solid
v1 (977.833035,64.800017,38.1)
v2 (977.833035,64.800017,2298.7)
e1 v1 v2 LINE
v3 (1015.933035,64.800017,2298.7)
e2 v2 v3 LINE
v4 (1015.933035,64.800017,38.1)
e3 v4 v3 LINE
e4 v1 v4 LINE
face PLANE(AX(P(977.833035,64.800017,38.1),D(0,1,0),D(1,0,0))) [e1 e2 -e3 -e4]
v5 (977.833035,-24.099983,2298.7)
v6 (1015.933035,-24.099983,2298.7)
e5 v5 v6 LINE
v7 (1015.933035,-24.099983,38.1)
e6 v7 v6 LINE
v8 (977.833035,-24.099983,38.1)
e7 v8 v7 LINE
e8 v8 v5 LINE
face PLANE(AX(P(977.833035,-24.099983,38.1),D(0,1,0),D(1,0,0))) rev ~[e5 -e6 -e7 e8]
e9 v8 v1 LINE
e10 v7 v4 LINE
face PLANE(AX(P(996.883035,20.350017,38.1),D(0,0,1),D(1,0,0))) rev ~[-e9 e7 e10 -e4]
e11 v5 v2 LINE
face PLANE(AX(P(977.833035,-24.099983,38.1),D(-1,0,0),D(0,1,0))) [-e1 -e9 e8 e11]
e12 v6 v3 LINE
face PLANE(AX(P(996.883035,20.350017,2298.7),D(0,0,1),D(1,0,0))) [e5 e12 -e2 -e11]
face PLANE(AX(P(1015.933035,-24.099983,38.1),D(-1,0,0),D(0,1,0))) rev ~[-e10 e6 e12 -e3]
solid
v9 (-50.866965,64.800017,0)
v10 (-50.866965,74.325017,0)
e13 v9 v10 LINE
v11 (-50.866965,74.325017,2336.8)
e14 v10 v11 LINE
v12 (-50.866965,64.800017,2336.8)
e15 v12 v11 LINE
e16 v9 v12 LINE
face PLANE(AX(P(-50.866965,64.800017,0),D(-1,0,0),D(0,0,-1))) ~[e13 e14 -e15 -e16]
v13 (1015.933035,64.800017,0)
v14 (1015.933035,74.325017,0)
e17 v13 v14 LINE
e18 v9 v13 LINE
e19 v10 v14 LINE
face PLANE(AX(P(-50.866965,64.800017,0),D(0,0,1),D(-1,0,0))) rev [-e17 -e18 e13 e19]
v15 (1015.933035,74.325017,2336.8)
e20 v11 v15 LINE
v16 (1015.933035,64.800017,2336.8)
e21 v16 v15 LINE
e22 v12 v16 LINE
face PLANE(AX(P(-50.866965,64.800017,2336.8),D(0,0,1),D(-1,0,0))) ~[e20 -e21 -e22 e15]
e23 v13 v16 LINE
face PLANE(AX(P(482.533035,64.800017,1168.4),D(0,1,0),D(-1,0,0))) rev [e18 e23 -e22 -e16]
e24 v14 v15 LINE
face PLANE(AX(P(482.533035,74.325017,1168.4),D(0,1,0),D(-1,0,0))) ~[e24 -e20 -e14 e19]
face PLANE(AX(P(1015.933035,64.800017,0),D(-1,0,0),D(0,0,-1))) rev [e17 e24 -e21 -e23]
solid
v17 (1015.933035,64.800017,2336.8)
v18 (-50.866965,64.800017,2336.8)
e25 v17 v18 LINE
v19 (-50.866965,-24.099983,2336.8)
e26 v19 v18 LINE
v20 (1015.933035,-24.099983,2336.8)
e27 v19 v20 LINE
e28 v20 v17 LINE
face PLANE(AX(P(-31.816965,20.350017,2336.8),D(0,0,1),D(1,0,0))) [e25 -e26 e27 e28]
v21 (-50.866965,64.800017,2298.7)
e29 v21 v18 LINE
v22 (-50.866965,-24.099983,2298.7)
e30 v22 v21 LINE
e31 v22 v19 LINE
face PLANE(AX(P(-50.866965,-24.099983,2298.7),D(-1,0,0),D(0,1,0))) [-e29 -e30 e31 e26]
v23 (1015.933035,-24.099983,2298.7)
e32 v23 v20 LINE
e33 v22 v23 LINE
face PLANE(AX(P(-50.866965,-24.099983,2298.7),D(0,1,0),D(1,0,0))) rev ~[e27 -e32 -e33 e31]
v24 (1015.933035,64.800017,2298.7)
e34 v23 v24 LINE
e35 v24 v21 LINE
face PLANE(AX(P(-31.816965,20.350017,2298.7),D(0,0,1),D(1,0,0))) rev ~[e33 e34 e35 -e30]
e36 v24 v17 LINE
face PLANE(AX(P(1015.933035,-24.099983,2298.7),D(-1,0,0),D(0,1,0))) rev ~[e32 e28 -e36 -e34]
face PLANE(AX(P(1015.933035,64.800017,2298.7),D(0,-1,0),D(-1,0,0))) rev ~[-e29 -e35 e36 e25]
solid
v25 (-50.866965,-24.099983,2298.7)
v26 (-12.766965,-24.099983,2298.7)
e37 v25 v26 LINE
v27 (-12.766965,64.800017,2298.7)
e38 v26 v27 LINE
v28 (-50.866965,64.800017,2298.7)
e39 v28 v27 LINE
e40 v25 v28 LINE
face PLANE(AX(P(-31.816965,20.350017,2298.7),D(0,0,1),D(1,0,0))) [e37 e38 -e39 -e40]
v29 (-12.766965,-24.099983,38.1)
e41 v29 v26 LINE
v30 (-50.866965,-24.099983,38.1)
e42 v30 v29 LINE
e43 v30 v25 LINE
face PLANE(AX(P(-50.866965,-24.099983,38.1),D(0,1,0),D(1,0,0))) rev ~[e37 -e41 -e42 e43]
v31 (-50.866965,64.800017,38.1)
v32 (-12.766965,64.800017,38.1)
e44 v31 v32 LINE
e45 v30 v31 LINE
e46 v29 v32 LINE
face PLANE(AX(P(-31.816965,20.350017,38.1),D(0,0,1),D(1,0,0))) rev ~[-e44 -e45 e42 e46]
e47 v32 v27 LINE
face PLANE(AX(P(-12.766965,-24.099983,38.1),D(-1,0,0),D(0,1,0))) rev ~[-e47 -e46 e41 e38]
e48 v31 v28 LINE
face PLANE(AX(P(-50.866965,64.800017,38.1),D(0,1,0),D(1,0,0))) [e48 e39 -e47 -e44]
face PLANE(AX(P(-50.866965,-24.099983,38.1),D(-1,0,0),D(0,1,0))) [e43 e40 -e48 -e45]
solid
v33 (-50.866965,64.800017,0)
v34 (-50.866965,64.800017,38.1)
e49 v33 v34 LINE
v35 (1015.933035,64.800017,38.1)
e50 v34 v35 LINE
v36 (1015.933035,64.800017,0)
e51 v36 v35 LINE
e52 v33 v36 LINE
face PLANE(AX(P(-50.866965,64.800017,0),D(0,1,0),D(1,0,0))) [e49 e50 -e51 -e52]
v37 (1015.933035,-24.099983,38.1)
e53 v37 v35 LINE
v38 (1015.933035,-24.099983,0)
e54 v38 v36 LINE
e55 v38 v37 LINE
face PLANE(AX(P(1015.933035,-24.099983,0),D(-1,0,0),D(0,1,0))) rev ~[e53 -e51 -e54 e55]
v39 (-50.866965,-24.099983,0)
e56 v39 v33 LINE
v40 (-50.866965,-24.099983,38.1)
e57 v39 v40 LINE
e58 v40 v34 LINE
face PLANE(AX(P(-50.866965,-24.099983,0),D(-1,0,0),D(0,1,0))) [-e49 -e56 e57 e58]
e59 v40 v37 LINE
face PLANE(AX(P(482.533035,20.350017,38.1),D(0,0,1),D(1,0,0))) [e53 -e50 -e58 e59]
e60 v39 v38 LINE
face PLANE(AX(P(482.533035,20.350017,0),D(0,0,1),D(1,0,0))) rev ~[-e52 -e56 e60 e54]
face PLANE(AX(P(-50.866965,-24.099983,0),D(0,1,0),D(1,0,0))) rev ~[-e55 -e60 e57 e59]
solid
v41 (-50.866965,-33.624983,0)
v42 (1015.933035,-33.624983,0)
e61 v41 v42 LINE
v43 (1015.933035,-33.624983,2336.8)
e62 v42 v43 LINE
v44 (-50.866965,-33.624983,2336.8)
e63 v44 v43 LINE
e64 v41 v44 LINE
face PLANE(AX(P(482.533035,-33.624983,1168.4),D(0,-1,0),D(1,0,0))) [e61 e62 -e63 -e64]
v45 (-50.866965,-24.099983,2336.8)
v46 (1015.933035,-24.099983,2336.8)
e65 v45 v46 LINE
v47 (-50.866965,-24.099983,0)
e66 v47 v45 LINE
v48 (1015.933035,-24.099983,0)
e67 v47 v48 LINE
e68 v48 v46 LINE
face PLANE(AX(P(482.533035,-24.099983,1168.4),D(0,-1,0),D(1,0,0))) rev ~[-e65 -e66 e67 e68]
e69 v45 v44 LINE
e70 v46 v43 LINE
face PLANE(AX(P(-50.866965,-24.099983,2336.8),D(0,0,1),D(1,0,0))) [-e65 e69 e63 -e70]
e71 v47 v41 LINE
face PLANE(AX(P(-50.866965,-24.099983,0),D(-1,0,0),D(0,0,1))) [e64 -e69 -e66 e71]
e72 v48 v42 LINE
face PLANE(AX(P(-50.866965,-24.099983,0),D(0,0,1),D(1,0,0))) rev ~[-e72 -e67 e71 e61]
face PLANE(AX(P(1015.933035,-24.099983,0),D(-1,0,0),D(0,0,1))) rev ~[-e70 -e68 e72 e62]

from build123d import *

# Parameters (mm, degrees)
F0_W     = 1066.8
F0_H     = 88.9
F1_DEPTH = 38.1
F2_W     = 38.1
F2_H     = 88.9
F3_DEPTH = 2260.6
F4_W     = 38.1
F4_H     = 88.9
F4_W_2   = 1028.7
F5_DEPTH = 38.1
F6_W     = 1066.8
F6_H     = 2336.8
F7_DEPTH = 9.525


with BuildPart() as f1:
    # F0 (on Top) → F1 (new body)
    with BuildSketch(Plane.XY):
        with Locations((482.5330347955, 20.3500167251)):
            Rectangle(F0_W, F0_H)
    extrude(amount=F1_DEPTH)


with BuildPart() as f3:
    # F2 (on face) → F3 (new body)
    with BuildSketch(Plane.XY.offset(38.1)):
        with Locations((-31.8169652045, 20.3500167251)):
            Rectangle(F2_W, F2_H)
    extrude(amount=F3_DEPTH)


with BuildPart() as f3b:
    # F2 (on face) → F3, piece 2 (new body)
    with BuildSketch(Plane.XY.offset(38.1)):
        with Locations((996.8830347955, 20.3500167251)):
            Rectangle(F2_W, F2_H)
    extrude(amount=F3_DEPTH)


with BuildPart() as f5:
    # F4 (on face) → F5 (new body)
    with BuildSketch(Plane.XY.offset(2298.7)):
        with Locations((-31.8169652045, 20.3500167251)):
            Rectangle(F4_W, F4_H)
        with Locations((501.5830347955, 20.3500167251)):
            Rectangle(F4_W_2, F4_H)
    extrude(amount=F5_DEPTH)


with BuildPart() as f7:
    # F6 (on face) → F7 (new body)
    with BuildSketch(Plane.XZ.offset(24.0999832749)):
        with Locations((482.5330347955, 1168.4)):
            Rectangle(F6_W, F6_H)
    extrude(amount=F7_DEPTH)


with BuildPart() as f12_1:
    # F12: instance of F7
    add(f7.part.mirror(Plane(origin=(-50.8669652045, 20.3500167251, 2336.8), x_dir=(0, 0, -1), z_dir=(0, 1, 0))))


solid = Compound([f1.part, f3.part, f3b.part, f5.part, f7.part, f12_1.part])
